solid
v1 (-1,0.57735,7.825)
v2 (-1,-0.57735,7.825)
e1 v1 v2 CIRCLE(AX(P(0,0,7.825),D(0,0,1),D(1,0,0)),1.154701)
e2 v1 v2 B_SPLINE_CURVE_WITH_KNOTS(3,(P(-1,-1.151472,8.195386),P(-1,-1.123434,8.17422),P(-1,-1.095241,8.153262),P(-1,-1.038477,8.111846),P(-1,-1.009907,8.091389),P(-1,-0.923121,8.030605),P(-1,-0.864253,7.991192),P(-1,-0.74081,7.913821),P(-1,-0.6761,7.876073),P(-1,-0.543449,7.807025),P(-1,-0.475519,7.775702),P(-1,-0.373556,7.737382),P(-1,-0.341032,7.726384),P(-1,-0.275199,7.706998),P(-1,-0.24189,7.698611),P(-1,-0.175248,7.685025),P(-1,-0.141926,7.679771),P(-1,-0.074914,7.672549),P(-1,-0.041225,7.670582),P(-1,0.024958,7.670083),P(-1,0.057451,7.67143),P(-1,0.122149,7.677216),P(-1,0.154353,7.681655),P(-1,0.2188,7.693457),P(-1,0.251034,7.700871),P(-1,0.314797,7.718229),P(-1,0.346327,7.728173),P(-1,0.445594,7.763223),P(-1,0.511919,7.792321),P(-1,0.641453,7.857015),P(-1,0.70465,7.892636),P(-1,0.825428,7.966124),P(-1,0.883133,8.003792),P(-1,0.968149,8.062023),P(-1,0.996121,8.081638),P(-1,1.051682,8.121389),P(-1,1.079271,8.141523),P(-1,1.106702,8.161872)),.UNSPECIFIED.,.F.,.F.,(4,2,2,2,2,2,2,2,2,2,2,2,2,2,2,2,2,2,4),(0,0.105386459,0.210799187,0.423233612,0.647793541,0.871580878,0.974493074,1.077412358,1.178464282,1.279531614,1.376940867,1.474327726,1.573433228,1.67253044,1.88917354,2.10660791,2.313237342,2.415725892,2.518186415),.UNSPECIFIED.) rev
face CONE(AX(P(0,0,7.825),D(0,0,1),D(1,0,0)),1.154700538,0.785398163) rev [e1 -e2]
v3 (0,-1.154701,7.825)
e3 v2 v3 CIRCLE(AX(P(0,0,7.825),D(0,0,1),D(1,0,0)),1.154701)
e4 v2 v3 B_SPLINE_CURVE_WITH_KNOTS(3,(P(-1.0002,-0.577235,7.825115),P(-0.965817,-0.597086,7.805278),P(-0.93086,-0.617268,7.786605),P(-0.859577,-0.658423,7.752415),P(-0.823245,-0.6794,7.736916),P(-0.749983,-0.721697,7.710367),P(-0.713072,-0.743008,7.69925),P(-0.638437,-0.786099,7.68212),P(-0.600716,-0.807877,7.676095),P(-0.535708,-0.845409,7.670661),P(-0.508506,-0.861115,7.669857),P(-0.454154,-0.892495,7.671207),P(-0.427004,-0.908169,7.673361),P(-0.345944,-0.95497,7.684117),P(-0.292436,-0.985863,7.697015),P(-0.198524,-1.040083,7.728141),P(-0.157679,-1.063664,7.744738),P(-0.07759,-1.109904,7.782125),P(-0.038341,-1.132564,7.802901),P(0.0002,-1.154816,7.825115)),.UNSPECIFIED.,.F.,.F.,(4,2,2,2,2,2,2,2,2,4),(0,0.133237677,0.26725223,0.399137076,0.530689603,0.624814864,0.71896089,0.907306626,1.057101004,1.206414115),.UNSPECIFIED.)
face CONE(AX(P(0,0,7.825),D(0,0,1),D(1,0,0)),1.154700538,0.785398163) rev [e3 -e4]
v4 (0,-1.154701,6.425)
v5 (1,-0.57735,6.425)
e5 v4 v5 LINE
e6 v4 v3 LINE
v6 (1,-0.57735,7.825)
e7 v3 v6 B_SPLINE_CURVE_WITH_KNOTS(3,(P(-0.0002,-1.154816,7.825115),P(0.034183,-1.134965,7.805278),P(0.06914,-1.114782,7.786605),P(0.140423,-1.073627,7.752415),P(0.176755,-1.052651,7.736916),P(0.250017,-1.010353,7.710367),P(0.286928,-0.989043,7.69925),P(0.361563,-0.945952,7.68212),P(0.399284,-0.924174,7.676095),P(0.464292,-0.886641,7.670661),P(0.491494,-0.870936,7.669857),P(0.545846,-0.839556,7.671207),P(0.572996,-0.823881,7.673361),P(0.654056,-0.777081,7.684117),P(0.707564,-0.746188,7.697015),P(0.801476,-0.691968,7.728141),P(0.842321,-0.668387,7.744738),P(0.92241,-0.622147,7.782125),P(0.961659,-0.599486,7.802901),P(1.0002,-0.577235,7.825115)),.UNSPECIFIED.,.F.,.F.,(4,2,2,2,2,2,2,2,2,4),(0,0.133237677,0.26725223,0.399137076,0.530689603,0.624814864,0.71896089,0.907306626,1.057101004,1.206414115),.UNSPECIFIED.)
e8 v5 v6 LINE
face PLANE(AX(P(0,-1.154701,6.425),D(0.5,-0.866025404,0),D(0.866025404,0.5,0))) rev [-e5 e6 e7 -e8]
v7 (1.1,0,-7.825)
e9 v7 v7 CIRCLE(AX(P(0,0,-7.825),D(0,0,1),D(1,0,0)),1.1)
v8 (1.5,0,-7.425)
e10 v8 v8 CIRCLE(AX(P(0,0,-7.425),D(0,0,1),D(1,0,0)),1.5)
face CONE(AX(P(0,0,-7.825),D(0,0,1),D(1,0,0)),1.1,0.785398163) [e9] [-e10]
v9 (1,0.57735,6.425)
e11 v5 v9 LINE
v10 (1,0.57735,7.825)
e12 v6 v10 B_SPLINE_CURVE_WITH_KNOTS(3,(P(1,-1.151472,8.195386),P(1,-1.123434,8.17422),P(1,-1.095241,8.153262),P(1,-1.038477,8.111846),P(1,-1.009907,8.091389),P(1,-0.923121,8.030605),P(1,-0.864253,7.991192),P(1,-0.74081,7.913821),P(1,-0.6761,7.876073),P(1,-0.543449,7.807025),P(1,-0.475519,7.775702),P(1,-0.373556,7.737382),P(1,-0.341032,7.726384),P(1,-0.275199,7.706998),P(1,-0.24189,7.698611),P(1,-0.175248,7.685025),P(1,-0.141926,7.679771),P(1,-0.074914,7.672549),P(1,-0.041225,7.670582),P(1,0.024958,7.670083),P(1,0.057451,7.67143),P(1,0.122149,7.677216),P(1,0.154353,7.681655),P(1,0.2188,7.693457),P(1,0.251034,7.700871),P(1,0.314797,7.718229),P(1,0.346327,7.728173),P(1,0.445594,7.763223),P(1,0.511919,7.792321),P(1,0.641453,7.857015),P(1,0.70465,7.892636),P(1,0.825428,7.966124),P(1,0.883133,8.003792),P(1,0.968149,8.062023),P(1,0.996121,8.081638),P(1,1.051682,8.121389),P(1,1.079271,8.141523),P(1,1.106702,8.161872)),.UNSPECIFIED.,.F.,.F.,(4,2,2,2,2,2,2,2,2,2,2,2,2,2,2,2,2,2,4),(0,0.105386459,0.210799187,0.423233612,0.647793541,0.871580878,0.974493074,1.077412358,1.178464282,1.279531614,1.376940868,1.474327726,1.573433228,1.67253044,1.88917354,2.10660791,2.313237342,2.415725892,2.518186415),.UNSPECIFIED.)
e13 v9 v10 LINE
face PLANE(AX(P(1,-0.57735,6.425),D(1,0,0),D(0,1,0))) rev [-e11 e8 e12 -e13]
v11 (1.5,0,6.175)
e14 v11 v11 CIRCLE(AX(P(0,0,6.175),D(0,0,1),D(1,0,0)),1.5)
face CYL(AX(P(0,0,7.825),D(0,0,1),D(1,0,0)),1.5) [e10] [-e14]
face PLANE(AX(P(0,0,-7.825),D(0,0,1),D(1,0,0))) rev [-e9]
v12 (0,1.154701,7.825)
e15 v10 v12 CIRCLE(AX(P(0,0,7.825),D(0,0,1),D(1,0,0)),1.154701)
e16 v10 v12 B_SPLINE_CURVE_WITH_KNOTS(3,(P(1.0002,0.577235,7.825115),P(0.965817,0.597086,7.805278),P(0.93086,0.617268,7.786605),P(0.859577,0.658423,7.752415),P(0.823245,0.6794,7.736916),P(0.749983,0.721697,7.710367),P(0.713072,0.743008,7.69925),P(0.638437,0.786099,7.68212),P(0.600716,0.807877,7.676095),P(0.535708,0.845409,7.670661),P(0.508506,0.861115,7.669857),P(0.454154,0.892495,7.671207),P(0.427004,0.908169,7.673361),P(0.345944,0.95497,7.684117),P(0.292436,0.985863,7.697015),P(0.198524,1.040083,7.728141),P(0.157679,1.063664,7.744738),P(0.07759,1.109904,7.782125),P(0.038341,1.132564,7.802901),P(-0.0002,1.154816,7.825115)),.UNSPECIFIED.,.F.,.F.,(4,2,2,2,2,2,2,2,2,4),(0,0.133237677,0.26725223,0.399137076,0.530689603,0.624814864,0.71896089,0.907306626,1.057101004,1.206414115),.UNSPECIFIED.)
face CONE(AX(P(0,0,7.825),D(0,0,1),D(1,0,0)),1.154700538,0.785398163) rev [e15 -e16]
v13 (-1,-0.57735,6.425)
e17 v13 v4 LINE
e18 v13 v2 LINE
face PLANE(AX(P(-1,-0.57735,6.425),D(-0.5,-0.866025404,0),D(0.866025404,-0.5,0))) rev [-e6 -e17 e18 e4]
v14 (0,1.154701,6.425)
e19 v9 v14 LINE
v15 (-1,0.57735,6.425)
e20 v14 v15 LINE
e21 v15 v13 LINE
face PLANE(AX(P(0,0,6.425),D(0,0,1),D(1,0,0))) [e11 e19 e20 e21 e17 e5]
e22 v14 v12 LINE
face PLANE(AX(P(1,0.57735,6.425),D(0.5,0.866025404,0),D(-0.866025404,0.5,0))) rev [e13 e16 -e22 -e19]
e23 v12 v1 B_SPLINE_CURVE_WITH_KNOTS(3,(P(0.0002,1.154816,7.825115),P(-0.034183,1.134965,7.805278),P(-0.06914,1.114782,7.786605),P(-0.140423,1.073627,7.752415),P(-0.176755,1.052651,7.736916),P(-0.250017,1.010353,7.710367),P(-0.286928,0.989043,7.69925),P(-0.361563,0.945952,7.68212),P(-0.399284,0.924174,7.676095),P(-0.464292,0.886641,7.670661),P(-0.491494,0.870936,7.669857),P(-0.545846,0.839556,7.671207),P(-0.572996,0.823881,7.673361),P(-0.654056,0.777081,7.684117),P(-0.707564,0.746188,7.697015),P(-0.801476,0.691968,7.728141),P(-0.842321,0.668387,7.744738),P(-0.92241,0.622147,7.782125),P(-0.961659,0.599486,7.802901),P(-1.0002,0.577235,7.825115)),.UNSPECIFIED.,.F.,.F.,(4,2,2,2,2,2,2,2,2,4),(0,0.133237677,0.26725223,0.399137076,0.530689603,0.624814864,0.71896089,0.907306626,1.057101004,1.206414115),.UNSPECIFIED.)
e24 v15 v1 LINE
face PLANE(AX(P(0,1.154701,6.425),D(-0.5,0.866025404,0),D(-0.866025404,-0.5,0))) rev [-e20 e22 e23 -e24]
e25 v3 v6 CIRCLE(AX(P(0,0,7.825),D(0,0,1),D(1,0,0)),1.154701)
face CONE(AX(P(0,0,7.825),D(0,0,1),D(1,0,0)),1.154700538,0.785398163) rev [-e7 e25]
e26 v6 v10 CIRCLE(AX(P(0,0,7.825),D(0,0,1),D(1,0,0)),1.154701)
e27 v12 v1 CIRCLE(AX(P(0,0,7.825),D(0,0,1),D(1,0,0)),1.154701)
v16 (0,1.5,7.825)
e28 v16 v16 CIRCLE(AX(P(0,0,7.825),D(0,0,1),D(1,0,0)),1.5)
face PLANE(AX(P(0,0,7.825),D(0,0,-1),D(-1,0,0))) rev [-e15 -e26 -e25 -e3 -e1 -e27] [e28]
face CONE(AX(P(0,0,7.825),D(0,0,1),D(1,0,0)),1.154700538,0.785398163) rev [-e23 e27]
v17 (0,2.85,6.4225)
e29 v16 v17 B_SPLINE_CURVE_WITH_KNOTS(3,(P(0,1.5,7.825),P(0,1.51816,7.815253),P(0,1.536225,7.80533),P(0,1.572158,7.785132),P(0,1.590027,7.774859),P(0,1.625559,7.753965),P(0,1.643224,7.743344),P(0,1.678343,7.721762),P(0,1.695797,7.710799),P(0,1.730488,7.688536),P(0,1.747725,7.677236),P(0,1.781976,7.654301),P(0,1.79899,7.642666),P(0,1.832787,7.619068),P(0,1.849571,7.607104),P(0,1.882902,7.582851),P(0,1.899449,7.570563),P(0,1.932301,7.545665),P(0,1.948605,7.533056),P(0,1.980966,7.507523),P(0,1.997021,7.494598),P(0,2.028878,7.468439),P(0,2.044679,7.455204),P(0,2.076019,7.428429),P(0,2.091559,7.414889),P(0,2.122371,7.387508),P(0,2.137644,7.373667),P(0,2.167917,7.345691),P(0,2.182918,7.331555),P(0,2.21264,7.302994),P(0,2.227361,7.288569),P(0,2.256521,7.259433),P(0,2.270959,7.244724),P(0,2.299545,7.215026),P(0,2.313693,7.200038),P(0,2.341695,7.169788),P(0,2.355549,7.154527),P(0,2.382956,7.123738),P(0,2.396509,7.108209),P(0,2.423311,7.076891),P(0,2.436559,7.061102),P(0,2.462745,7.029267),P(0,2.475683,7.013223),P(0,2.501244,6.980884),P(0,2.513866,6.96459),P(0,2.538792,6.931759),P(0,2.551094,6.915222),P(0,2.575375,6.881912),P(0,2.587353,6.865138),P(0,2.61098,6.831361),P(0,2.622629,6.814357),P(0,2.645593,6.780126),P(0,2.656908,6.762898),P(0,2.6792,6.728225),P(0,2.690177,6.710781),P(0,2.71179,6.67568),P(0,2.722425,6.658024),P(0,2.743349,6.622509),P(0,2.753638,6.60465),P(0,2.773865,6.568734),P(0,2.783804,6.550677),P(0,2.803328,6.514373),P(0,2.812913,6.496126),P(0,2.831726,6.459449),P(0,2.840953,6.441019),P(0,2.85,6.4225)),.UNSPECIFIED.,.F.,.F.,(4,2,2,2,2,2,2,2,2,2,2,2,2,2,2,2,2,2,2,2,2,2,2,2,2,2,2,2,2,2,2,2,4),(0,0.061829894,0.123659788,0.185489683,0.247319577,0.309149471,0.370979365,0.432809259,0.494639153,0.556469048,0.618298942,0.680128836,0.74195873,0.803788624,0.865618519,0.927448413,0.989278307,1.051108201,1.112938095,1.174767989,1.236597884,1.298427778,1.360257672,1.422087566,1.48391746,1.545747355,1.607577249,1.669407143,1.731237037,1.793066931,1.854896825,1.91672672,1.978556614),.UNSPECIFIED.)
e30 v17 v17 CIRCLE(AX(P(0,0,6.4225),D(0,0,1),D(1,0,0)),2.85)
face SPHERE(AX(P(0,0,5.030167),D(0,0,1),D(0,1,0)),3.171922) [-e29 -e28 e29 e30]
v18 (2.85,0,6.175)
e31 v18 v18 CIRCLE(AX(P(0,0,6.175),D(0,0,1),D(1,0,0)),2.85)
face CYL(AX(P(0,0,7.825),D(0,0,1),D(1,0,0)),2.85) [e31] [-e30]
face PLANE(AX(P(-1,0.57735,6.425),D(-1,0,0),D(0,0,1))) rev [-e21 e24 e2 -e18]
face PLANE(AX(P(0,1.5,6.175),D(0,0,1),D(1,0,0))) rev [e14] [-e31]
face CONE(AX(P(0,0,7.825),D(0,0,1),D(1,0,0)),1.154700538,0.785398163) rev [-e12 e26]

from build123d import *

# Parameters (mm, degrees)
CUT_EXTRUDE1_DEPTH = 1.4


with BuildPart() as part:
    # Sketch2 → Revolve1 (revolve)
    with BuildSketch(Plane(origin=(0, 0, 0), x_dir=(0, 0, -1), z_dir=(1, 0, 0)), mode=Mode.PRIVATE) as revolve1_sk:
        with BuildLine():
            Line((-7.825, 0), (7.825, 0))
            Line((7.825, 0), (7.825, 1.1))
            Line((7.825, 1.1), (7.425, 1.5))
            Line((7.425, 1.5), (-6.175, 1.5))
            Line((-6.175, 1.5), (-6.175, 2.85))
            Line((-6.175, 2.85), (-6.4225, 2.85))
            ThreePointArc((-6.4225, 2.85), (-7.22987489, 2.285251969), (-7.825, 1.5))
            Line((-7.825, 1.5), (-7.825, 0))
        make_face()
    revolve(revolve1_sk.sketch.rotate(Axis((0, 0, 7.825), (0, 0, -1)), 90), axis=Axis((0, 0, 7.825), (0, 0, -1)))

    # Sketch3 → Cut-Extrude1 (cut)
    with BuildSketch(Plane.XY.offset(7.825)):
        Polygon((0, 1.154700538), (-1, 0.577350269), (-1, -0.577350269), (0, -1.154700538), (1, -0.577350269), (1, 0.577350269), align=None)
    extrude(amount=-CUT_EXTRUDE1_DEPTH, mode=Mode.SUBTRACT)

    # Cut-Extrude2 cone 1 section (through the dimple's axis) → Cut-Extrude2 (revolve, cut)
    with BuildSketch(Plane(origin=(0, 0, 7.825), x_dir=(0, -1, 0), z_dir=(1, 0, 0))):
        Polygon((0, 0), (1.154700538, 0), (0, 1.154700538), align=None)
    revolve(axis=Axis((0, 0, 7.825), (0, 0, -1)), mode=Mode.SUBTRACT)


solid = part.part
